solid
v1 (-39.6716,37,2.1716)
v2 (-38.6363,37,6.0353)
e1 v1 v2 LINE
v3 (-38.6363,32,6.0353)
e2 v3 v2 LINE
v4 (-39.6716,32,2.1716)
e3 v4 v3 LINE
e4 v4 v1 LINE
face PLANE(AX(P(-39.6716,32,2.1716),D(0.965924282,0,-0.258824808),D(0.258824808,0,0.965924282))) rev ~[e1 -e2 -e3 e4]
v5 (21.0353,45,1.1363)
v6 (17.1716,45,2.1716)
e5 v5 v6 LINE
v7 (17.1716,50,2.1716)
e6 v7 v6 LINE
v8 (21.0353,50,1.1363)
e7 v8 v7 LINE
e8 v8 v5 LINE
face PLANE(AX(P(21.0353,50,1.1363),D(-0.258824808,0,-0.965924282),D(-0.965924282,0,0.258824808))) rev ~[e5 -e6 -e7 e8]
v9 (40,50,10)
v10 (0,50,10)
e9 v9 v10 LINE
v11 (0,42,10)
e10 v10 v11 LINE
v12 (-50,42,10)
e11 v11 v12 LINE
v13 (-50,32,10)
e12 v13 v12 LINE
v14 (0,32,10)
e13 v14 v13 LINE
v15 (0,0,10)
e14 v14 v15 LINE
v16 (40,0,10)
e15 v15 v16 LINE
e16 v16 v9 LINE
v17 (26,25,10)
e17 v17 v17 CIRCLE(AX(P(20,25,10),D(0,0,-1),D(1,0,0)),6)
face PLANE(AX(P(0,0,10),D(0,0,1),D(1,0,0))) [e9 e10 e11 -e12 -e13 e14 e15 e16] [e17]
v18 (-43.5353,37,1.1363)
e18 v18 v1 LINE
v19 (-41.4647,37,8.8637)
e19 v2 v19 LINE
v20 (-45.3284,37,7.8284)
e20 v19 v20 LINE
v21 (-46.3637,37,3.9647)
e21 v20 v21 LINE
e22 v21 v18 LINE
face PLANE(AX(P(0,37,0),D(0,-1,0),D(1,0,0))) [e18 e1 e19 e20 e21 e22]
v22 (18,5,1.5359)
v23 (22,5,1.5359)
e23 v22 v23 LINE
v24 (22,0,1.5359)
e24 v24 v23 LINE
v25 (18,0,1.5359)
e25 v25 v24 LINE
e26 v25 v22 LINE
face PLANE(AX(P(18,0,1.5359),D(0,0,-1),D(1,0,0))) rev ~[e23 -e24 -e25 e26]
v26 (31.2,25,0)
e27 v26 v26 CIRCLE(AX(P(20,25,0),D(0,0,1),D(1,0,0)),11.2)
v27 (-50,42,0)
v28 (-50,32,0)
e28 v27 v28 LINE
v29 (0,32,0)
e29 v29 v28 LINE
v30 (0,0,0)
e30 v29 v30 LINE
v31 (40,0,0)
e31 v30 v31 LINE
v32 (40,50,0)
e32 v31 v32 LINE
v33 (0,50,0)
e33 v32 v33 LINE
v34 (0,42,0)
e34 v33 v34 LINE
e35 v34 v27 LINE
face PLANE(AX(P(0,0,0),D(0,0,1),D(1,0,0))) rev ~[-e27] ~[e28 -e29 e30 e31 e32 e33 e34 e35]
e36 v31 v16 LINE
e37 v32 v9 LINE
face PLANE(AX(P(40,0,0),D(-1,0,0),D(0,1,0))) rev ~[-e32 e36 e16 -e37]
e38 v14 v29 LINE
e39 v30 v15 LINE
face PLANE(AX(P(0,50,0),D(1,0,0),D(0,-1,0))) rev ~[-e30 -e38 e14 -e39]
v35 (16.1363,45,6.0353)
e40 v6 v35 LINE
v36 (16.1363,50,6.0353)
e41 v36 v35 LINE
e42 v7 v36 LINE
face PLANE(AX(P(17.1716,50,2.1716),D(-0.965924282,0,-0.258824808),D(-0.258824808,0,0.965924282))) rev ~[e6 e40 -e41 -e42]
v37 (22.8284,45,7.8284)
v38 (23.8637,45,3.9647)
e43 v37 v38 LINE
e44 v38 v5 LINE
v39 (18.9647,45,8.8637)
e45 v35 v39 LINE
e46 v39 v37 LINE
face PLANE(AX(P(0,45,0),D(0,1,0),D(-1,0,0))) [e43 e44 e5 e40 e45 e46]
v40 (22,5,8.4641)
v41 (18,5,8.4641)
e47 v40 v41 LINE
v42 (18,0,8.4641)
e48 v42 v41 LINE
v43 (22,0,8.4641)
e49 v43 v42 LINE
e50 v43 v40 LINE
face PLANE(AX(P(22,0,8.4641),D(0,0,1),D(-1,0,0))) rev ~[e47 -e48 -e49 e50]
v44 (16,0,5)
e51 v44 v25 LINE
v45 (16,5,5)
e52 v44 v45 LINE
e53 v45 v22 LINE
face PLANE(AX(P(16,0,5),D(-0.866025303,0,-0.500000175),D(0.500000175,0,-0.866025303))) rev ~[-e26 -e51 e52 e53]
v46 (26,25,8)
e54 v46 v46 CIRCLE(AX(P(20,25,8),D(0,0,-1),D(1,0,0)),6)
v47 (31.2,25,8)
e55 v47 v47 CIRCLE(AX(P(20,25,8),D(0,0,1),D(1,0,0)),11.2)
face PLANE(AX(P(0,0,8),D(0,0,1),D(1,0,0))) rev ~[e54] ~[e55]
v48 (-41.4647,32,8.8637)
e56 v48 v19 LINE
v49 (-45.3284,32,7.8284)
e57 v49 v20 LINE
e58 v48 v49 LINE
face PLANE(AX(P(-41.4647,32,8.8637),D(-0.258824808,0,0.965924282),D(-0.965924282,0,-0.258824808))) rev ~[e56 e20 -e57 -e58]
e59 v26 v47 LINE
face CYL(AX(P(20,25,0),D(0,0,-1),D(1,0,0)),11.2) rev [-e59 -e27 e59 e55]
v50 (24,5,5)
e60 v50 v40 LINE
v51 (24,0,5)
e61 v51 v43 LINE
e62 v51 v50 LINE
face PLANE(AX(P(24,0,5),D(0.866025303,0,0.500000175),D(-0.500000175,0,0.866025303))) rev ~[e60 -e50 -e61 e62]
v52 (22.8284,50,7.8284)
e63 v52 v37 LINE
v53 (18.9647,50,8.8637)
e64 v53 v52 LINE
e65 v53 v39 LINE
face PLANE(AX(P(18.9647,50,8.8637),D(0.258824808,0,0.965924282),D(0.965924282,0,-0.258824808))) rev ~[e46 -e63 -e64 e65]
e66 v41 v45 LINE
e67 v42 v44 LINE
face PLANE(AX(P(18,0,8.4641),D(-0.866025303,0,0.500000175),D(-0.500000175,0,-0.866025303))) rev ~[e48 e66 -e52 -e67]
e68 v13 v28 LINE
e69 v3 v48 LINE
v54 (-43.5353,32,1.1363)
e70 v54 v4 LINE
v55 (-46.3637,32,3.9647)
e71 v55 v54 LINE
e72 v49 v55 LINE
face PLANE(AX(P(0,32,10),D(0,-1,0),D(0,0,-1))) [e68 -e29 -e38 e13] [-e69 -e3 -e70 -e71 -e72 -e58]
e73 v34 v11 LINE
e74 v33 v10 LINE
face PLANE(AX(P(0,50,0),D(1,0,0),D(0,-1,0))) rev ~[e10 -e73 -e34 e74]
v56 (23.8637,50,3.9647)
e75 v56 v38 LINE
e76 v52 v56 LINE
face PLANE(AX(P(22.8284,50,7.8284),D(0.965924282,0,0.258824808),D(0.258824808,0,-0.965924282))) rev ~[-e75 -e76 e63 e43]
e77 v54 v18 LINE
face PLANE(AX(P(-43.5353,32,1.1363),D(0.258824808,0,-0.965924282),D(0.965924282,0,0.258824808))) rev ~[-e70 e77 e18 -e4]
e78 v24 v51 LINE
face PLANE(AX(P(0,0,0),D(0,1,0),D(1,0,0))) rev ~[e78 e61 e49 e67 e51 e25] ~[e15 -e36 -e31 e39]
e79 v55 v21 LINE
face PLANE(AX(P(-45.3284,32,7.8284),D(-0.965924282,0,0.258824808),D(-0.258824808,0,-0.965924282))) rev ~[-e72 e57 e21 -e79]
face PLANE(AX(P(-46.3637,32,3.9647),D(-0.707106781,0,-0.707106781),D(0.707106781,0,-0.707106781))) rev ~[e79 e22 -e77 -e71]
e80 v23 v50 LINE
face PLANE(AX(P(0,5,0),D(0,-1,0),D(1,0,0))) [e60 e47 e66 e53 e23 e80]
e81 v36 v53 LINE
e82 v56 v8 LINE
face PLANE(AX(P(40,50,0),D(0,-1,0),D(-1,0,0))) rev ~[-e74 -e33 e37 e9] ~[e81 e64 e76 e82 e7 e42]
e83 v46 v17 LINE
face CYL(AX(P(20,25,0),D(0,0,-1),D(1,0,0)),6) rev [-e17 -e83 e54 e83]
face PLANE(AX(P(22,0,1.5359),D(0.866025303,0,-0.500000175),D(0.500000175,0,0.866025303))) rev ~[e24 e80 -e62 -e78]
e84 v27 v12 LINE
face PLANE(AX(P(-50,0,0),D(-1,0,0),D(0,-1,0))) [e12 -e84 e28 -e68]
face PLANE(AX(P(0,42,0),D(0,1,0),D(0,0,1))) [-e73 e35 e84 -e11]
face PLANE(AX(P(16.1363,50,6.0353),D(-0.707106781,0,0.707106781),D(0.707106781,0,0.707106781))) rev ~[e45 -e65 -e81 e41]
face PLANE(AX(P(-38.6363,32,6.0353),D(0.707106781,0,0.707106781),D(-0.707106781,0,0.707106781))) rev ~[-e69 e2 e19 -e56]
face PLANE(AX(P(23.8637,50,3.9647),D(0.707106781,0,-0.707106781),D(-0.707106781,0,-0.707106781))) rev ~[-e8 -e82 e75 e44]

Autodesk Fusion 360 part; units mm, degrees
sketch "Top" plane through (0, 0, 0) normal (0, 0, 1) x (1, 0, 0)
  line L0 (0, 0) -> (40, 0)
  line L1 (40, 0) -> (40, 50)
  line L2 (40, 50) -> (0, 50)
  line L3 (0, 50) -> (0, 0)
  circle A0 centre (20, 25) radius 11.2
  circle A1 centre (20, 25) radius 6
  dimension "d6" = 40
  dimension "d7" = 50
  dimension "d11" = 22.4
  dimension "d12" = 25
  dimension "d13" = 20
  dimension "d27" = 12
extrude "Extrude1" add sketch "Top" along normal blind 10 contours L0 L1 L2 L3 | A0 | A1
extrude "Extrude2" cut sketch "Top" along normal blind 8 contours A0 | A1
extrude "Extrude5" cut sketch "Top" along normal blind 110 contours A1
sketch "Sketch3" plane through (0, 0, 0) normal (0, -1, 0) x (1, 0, 0)
  line L0 (0, 0) -> (40, 0)
  line L1 (40, 0) -> (40, 10)
  line L2 (40, 10) -> (0, 10)
  line L3 (0, 10) -> (0, 0)
  line L4 (24, 5) -> (22, 8.4641)
  line L5 (22, 8.4641) -> (18, 8.4641)
  line L6 (18, 8.4641) -> (16, 5)
  line L7 (16, 5) -> (18, 1.5359)
  line L8 (18, 1.5359) -> (22, 1.5359)
  line L9 (22, 1.5359) -> (24, 5)
  point P0 (20, 5)
  dimension "d34" = 4
  dimension "d37" = 20
  dimension "d38" = 5
extrude "Extrude6" cut sketch "Sketch3" against normal blind 5 contours L4 L5 L6 L7 L8 L9
sketch "Sketch4" plane through (0, 50, 0) normal (0, 1, 0) x (-1, 0, 0)
  line L0 (-40, 0) -> (0, 0)
  line L1 (0, 0) -> (0, 10)
  line L2 (0, 10) -> (-40, 10)
  line L3 (-40, 10) -> (-40, 0)
  line L4 (-22.8284, 7.8284) -> (-23.8637, 3.9647)
  line L5 (-23.8637, 3.9647) -> (-21.0353, 1.1363)
  line L6 (-21.0353, 1.1363) -> (-17.1716, 2.1716)
  line L7 (-17.1716, 2.1716) -> (-16.1363, 6.0353)
  line L8 (-16.1363, 6.0353) -> (-18.9647, 8.8637)
  line L9 (-18.9647, 8.8637) -> (-22.8284, 7.8284)
  point P0 (-20, 5)
  dimension "d39" = 4
  dimension "d42" = 20
  dimension "d43" = 5
extrude "Extrude7" cut sketch "Sketch4" against normal blind 5 contours L4 L5 L6 L7 L8 L9
sketch "Sketch5" plane through (0, 0, 0) normal (-1, 0, 0) x (0, -1, 0)
  line L0 (-50, 0) -> (0, 0)
  line L1 (0, 0) -> (0, 10)
  line L2 (0, 10) -> (-50, 10)
  line L3 (-50, 10) -> (-50, 0)
  line L4 (-42, 10) -> (-32, 10)
  line L5 (-32, 10) -> (-32, 0)
  line L6 (-32, 0) -> (-42, 0)
  line L7 (-42, 0) -> (-42, 10)
  dimension "d50" = 10
  dimension "d51" = 10
  dimension "d52" = 8
extrude "Extrude8" add sketch "Sketch5" along normal blind 50 contours L0 L2 L4 L5 L6 L7
sketch "Sketch8" plane through (0, 32, 0) normal (0, -1, 0) x (1, 0, 0)
  line L0 (0, 0) -> (0, 10)
  line L1 (0, 10) -> (-50, 10)
  line L2 (-50, 10) -> (-50, 0)
  line L3 (-50, 0) -> (0, 0)
  line L4 (-39.6716, 2.1716) -> (-38.6363, 6.0353)
  line L5 (-38.6363, 6.0353) -> (-41.4647, 8.8637)
  line L6 (-41.4647, 8.8637) -> (-45.3284, 7.8284)
  line L7 (-45.3284, 7.8284) -> (-46.3637, 3.9647)
  line L8 (-46.3637, 3.9647) -> (-43.5353, 1.1363)
  line L9 (-43.5353, 1.1363) -> (-39.6716, 2.1716)
  point P0 (-42.5, 5)
  dimension "d72" = 4
  dimension "d75" = 7.5
  dimension "d76" = 5
extrude "Extrude11" cut sketch "Sketch8" against normal blind 5 contours L4 L5 L6 L7 L8 L9
equation "length = 50 mm"
equation "width = 40 mm"
equation "thickness = 10 mm"
equation "extra = 100 mm"
equation "fit_gap = 0.2 mm"
equation "d6 = width"
equation "d7 = length"
equation "d8 = thickness"
equation "big_bearing_outer_radius = 11.1 mm"
equation "d11 = ( big_bearing_outer_radius * 2 ) + fit_gap"
equation "d12 = length / 2"
equation "d13 = width / 2"
equation "d14 = thickness - 2 mm"
equation "big_bearing_inner_radius = ( 8 mm + 4 mm ) / 2"
equation "d27 = big_bearing_inner_radius * 2"
equation "d28 = thickness + extra"
equation "polygon_dowel_hole_side_length = 4 mm"
equation "polygon_dowel_hole_side_height = 5 mm"
equation "polygon_dowel_hole_big_distance = width / 2"
equation "polygon_dowel_hole_small_distance = thickness / 2"
equation "d34 = polygon_dowel_hole_side_length"
equation "d35 = -polygon_dowel_hole_side_height"
equation "d37 = polygon_dowel_hole_big_distance"
equation "d38 = polygon_dowel_hole_small_distance"
equation "d39 = polygon_dowel_hole_side_length"
equation "d40 = -polygon_dowel_hole_side_height"
equation "d42 = polygon_dowel_hole_big_distance"
equation "d43 = polygon_dowel_hole_small_distance"
equation "ackerman_bracket_length = 50 mm"
equation "ackerman_bracket_width = 10 mm"
equation "ackerman_bracket_big_distance = ( length - ackerman_bracket_width ) / 5"
equation "d50 = ackerman_bracket_width"
equation "d51 = ackerman_bracket_width"
equation "d52 = ackerman_bracket_big_distance"
equation "d53 = ackerman_bracket_length"
equation "ackerman_bracket_dowel_width = 6 mm"
equation "d72 = polygon_dowel_hole_side_length"
equation "d75 = polygon_dowel_hole_small_distance + ( polygon_dowel_hole_small_distance / 2 )"
equation "d76 = polygon_dowel_hole_small_distance"
equation "d77 = -polygon_dowel_hole_side_height"
